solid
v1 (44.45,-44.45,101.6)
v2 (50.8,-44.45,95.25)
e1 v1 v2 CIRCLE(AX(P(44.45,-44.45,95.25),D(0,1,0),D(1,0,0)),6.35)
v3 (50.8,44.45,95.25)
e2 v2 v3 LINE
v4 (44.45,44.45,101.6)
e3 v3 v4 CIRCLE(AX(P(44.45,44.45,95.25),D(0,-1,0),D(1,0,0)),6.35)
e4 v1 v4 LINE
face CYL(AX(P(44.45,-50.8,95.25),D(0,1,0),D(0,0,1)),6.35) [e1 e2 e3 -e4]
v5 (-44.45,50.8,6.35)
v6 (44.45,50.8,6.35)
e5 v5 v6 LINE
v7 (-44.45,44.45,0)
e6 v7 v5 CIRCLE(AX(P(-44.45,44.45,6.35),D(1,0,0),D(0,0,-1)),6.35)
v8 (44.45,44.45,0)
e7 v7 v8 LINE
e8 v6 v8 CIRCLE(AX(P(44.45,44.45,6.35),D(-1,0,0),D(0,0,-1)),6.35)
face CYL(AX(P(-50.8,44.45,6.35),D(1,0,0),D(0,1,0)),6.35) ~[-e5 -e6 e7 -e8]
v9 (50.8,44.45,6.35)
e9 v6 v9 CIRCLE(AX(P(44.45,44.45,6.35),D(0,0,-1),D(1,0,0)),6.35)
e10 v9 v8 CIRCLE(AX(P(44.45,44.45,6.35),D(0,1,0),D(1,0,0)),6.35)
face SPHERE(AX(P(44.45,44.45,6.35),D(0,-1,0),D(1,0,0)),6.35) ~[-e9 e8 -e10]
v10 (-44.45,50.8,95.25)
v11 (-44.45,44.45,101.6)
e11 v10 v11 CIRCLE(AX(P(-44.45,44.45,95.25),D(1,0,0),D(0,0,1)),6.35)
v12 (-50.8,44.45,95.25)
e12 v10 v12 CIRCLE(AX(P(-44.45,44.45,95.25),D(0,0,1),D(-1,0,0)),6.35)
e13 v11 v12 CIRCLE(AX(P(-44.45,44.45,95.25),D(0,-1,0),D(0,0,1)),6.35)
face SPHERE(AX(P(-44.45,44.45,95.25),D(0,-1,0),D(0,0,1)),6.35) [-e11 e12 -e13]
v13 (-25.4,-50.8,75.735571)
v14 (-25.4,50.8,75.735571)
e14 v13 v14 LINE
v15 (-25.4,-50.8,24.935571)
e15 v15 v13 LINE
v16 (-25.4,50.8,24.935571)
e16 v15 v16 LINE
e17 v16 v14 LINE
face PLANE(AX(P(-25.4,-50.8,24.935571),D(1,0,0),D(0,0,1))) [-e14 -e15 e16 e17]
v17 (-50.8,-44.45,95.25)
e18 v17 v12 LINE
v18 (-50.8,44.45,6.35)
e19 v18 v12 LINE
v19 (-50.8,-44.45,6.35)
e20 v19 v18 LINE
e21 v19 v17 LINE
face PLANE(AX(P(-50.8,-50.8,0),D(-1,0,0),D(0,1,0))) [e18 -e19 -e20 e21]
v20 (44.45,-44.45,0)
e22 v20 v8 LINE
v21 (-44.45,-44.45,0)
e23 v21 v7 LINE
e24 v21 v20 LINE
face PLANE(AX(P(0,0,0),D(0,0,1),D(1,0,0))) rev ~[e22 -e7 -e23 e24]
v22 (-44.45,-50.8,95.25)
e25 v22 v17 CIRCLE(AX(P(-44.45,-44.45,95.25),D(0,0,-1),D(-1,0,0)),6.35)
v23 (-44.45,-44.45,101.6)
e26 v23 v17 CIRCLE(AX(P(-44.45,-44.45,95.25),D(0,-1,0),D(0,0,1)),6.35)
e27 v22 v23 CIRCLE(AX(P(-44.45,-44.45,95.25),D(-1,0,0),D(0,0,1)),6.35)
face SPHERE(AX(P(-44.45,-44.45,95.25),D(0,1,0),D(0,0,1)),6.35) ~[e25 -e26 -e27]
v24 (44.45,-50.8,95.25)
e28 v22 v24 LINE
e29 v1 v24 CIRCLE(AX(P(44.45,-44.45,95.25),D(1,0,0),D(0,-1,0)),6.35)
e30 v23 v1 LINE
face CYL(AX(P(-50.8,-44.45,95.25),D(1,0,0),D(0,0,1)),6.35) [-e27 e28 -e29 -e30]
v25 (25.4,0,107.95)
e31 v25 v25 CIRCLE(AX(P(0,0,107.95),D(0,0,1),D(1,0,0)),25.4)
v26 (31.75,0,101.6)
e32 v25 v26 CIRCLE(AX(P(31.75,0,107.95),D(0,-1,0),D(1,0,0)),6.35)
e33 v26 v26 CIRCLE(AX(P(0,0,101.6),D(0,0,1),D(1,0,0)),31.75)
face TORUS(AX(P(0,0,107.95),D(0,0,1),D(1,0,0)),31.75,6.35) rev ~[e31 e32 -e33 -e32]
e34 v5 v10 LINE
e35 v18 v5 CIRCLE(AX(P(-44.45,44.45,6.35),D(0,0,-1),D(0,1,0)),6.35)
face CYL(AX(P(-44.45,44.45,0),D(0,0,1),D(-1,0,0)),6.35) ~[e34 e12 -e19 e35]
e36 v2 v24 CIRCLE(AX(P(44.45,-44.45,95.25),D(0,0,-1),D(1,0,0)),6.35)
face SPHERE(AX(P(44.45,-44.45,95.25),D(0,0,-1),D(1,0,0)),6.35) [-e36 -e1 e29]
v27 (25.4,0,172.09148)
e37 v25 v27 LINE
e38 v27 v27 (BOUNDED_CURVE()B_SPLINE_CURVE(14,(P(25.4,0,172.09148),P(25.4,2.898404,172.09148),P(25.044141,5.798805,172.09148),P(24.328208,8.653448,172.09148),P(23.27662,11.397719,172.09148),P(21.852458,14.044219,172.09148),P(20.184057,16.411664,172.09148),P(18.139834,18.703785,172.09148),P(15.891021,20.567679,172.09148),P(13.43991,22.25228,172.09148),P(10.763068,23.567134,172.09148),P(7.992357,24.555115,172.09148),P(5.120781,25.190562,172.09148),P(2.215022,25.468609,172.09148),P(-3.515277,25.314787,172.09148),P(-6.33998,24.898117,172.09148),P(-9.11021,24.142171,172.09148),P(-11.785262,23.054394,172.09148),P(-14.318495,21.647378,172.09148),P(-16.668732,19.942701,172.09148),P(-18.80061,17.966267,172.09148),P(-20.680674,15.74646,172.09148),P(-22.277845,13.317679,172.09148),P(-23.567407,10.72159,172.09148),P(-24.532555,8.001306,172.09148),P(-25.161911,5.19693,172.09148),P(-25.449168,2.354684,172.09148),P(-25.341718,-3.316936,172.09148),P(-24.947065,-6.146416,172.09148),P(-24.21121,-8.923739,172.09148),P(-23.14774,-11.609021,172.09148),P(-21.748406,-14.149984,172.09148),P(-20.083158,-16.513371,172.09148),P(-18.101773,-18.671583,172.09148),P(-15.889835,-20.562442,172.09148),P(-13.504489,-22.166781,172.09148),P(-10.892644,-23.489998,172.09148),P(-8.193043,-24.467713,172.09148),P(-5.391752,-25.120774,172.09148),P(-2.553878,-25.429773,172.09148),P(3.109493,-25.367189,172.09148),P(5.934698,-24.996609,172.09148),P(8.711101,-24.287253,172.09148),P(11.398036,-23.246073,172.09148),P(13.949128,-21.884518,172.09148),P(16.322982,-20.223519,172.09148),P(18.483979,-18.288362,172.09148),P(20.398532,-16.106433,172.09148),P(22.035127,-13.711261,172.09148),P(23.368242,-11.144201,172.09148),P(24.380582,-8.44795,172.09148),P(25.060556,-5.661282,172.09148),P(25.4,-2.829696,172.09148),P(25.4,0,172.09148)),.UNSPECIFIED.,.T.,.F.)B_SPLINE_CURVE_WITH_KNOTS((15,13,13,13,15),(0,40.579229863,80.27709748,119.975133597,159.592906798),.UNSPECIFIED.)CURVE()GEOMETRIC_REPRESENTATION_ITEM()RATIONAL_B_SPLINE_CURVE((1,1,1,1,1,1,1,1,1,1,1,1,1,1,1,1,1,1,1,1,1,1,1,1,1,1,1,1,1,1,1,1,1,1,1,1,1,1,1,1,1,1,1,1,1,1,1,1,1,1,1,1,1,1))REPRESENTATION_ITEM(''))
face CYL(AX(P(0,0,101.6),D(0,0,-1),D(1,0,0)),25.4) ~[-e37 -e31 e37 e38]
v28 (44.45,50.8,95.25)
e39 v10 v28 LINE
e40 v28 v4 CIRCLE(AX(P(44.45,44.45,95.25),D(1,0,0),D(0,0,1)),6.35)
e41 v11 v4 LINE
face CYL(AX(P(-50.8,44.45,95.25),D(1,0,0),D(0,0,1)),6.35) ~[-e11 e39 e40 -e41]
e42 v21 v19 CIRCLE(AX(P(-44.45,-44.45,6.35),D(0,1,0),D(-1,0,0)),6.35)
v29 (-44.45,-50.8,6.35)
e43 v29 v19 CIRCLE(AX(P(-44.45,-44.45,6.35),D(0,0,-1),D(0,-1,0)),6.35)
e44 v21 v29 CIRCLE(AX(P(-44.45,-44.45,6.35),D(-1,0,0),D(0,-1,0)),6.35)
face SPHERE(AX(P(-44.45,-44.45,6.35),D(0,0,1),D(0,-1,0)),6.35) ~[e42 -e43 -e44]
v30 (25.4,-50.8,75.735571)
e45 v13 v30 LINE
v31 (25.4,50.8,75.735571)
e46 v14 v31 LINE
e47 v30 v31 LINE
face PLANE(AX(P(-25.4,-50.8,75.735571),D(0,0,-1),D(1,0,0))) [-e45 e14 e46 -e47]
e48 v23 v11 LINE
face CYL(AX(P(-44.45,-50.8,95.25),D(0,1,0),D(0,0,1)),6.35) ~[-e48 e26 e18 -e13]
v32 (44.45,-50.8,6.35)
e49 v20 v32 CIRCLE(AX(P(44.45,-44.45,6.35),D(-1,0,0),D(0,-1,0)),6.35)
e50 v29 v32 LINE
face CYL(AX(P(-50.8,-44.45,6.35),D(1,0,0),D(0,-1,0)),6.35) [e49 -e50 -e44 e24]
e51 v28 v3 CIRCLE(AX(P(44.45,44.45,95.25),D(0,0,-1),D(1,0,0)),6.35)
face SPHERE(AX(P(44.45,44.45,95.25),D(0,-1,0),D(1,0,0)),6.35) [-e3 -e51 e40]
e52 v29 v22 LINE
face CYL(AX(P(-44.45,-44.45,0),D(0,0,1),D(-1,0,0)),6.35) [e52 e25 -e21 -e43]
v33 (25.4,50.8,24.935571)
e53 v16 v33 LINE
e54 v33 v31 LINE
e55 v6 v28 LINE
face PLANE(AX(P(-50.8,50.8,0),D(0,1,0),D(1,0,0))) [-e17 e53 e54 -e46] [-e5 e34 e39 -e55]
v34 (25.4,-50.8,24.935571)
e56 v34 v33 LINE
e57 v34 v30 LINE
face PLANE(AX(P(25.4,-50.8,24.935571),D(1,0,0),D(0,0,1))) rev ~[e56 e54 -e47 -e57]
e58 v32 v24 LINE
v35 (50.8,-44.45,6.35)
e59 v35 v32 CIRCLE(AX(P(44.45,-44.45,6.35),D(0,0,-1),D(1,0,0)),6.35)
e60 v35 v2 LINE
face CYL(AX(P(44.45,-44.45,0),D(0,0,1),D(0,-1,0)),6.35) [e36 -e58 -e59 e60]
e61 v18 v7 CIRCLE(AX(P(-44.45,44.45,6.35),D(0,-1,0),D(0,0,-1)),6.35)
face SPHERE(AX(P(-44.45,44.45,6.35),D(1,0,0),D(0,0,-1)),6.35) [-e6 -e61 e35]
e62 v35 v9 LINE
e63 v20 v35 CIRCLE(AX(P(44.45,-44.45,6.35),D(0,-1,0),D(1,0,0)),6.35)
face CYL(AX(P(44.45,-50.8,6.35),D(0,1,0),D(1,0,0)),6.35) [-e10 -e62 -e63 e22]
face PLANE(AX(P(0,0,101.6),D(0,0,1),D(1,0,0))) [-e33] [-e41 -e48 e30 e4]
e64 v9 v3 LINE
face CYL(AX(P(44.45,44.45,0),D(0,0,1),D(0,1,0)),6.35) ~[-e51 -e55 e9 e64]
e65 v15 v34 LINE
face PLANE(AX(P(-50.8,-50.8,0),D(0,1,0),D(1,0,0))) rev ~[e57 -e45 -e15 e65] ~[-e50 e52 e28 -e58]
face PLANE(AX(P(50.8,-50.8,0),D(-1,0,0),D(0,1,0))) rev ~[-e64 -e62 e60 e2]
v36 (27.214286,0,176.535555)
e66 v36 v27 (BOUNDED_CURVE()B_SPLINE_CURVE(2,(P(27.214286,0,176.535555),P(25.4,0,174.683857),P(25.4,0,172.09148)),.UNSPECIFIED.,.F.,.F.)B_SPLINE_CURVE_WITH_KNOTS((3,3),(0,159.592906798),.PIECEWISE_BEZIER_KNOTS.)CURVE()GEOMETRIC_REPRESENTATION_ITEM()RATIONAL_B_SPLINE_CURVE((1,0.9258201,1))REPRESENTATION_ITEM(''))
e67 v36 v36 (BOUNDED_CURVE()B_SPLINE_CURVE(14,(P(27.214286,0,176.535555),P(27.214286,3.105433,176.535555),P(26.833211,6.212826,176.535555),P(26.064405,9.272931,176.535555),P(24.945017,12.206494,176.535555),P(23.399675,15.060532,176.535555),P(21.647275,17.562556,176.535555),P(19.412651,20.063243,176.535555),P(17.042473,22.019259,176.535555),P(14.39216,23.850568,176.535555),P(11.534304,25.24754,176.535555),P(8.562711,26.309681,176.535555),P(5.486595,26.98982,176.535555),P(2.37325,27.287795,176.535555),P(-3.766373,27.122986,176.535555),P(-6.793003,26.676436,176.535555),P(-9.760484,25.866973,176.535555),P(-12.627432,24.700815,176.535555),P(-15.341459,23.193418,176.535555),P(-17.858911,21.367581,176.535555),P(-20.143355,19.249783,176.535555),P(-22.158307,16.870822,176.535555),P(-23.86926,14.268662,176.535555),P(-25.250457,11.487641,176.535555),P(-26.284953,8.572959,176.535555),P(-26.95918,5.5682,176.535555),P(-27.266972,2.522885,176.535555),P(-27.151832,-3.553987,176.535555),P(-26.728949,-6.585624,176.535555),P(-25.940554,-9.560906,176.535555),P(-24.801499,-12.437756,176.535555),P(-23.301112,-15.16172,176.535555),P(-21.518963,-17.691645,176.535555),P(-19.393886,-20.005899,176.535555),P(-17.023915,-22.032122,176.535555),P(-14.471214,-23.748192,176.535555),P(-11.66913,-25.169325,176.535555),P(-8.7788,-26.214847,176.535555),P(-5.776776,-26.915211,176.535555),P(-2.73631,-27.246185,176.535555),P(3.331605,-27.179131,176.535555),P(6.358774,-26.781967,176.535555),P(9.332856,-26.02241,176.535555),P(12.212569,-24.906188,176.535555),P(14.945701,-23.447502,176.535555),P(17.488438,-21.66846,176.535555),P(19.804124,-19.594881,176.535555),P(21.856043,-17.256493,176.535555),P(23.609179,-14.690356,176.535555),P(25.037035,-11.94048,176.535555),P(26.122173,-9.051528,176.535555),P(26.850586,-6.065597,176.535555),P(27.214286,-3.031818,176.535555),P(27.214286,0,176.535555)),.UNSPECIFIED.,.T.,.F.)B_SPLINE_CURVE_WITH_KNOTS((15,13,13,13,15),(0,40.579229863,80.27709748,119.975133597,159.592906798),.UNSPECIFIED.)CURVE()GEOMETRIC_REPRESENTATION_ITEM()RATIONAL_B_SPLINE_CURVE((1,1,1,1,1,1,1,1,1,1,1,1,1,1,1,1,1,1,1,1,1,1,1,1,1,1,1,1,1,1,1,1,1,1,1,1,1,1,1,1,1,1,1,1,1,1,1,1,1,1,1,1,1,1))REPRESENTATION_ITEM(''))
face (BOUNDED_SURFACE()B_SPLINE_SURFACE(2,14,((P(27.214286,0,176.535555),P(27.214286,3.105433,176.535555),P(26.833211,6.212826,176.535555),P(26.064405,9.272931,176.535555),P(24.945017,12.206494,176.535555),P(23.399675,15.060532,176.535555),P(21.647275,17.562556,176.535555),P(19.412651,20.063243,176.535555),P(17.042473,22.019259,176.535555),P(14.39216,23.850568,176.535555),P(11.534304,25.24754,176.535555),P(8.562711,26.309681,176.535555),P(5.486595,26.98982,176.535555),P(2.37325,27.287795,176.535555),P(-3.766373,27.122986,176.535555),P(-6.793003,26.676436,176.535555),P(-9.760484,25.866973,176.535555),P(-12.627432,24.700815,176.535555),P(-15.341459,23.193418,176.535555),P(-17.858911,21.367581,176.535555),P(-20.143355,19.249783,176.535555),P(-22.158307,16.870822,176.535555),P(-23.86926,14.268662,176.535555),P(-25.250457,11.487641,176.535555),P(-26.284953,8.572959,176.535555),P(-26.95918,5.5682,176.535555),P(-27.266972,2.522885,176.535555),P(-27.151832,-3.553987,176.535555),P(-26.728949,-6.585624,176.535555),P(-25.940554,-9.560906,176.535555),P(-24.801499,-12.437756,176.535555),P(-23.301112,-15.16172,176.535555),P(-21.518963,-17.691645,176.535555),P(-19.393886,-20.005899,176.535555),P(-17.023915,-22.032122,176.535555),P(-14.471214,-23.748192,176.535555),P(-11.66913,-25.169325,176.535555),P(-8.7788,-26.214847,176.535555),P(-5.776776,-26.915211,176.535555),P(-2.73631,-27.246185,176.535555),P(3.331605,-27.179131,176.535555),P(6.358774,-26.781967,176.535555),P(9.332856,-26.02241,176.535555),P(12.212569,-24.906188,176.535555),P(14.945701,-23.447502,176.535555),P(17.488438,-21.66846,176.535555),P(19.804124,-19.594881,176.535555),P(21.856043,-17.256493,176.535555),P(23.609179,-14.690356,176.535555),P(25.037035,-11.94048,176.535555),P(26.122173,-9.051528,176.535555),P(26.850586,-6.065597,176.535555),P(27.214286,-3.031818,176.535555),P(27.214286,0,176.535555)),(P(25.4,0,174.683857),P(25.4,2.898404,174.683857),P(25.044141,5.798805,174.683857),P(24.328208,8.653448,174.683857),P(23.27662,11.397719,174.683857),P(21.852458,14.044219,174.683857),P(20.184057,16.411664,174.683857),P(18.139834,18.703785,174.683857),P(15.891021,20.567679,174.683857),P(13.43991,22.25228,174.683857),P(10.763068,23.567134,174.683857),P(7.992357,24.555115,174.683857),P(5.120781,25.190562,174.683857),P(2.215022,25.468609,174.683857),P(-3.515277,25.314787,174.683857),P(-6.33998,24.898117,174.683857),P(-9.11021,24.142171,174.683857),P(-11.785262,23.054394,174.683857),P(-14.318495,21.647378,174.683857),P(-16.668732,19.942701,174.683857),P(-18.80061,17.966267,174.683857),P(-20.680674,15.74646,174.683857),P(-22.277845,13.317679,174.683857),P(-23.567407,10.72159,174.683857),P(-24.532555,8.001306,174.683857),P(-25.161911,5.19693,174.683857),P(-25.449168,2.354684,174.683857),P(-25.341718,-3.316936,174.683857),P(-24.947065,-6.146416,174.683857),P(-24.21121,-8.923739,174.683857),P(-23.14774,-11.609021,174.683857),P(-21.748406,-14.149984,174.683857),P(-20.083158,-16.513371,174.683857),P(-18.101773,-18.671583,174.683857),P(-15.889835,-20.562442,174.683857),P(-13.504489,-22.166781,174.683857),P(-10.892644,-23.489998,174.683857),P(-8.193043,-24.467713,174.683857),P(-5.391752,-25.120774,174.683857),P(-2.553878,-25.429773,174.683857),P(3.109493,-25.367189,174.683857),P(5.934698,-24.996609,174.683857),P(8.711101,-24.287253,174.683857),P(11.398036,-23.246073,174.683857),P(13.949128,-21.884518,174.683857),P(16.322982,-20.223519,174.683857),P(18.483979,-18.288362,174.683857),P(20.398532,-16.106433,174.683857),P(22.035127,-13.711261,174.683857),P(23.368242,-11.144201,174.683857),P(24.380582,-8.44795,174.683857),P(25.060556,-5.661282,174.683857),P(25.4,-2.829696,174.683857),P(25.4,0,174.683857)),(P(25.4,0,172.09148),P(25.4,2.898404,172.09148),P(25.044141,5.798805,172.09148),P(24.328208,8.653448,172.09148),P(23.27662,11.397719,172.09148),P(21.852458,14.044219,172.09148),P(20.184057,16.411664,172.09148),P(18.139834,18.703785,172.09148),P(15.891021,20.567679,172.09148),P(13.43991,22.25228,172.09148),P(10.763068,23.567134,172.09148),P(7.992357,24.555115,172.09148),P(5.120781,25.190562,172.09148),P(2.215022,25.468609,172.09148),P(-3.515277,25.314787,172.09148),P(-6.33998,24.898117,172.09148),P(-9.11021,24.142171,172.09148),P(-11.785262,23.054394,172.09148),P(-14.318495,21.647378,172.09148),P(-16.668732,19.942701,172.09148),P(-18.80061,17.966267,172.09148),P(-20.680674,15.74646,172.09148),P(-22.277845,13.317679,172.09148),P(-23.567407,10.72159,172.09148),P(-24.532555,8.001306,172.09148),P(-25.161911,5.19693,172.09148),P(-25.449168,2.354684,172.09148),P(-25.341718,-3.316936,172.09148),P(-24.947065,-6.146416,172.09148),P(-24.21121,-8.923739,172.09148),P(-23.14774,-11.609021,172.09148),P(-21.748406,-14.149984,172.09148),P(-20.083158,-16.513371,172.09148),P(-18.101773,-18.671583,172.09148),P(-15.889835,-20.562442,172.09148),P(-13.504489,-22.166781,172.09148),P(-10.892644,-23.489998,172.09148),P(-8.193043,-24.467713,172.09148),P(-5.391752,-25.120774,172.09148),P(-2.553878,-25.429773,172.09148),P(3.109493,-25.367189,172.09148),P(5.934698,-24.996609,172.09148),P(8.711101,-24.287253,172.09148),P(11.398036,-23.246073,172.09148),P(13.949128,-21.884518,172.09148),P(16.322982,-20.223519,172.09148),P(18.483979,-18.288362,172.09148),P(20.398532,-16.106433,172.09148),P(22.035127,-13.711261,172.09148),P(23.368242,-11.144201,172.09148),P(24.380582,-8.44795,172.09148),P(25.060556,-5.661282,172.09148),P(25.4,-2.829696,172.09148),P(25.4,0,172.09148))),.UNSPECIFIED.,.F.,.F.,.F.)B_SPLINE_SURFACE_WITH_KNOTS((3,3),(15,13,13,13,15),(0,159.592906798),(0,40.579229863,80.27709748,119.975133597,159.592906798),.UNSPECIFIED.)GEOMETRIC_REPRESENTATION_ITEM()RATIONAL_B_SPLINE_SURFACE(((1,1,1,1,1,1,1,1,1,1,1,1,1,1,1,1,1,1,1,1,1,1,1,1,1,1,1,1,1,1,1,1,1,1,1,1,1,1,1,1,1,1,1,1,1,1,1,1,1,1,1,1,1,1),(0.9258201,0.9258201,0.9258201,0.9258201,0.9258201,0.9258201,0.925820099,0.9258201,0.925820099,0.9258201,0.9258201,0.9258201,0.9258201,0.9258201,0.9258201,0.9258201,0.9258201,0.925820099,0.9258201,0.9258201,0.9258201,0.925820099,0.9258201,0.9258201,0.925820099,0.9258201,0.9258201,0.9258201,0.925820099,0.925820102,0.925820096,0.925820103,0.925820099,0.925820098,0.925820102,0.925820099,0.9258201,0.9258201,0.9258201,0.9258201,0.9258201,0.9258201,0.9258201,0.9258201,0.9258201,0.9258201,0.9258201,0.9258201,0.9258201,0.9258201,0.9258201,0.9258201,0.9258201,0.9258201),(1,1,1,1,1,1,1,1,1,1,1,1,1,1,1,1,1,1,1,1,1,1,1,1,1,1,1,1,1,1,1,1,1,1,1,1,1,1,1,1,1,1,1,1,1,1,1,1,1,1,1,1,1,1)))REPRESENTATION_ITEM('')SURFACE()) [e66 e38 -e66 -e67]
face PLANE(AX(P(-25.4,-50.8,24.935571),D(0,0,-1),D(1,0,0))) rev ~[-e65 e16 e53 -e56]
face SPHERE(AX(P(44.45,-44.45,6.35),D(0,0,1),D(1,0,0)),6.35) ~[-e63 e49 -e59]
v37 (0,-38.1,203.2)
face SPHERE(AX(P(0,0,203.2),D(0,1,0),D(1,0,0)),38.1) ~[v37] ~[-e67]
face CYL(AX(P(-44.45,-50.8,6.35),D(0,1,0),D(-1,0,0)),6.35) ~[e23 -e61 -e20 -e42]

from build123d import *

# Parameters (mm, degrees)
F0_W     = 101.6
F0_H     = 101.6
F1_DEPTH = 101.6
F2_R     = 25.4
F3_DEPTH = 101.6
F6_W     = 50.8
F6_H     = 50.8
F7_DEPTH = 101.6
F8_R     = 6.35


with BuildPart() as f1:
    # F0 (on Top) → F1 (new body)
    with BuildSketch(Plane.XY):
        Rectangle(F0_W, F0_H)
    extrude(amount=F1_DEPTH)

    # F2 (on face) → F3 (join)
    with BuildSketch(Plane.XY.offset(101.6)):
        Circle(F2_R)
    extrude(amount=F3_DEPTH)

    # F4 (on face) → F5 (revolve)
    with BuildSketch(Plane.XY.offset(203.2)):
        with BuildLine():
            Line((0, -25.4), (0, -38.1))
            ThreePointArc((0, -38.1), (38.1, 0), (0, 38.1))
            Line((0, 38.1), (0, 25.4))
            ThreePointArc((0, 25.4), (17.9605122421, 17.9605122421), (25.4, 0))
            ThreePointArc((25.4, 0), (17.9605122421, -17.9605122421), (0, -25.4))
        make_face()
        with BuildLine():
            Line((0, 25.4), (0, -25.4))
            ThreePointArc((0, -25.4), (17.9605122421, -17.9605122421), (25.4, 0))
            ThreePointArc((25.4, 0), (17.9605122421, 17.9605122421), (0, 25.4))
        make_face()
    revolve(axis=Axis((0, 0, 203.2), (0, -1, 0)))

    # F6 (on face) → F7 (cut)
    with BuildSketch(Plane.XZ.offset(50.8)):
        with Locations((0, 50.3355711699)):
            Rectangle(F6_W, F6_H)
    extrude(amount=-F7_DEPTH, mode=Mode.SUBTRACT)

    # F8
    f8_edges = [f1.edges().sort_by_distance(p)[0] for p in [
        (50.8, -50.8, 50.8),
        (50.8, 0, 101.6),
        (50.8, 0, 0),
        (50.8, 50.8, 50.8),
        (-50.8, 0, 101.6),
        (0, -50.8, 101.6),
        (-50.8, -50.8, 50.8),
        (0, 50.8, 101.6),
        (0, -50.8, 0),
        (0, 50.8, 0),
        (-50.8, 0, 0),
        (-50.8, 50.8, 50.8),
        (-25.4, 0, 101.6),
        (-25.4, 0, 174.801937),
    ]]
    fillet(f8_edges, radius=F8_R)


solid = f1.part
